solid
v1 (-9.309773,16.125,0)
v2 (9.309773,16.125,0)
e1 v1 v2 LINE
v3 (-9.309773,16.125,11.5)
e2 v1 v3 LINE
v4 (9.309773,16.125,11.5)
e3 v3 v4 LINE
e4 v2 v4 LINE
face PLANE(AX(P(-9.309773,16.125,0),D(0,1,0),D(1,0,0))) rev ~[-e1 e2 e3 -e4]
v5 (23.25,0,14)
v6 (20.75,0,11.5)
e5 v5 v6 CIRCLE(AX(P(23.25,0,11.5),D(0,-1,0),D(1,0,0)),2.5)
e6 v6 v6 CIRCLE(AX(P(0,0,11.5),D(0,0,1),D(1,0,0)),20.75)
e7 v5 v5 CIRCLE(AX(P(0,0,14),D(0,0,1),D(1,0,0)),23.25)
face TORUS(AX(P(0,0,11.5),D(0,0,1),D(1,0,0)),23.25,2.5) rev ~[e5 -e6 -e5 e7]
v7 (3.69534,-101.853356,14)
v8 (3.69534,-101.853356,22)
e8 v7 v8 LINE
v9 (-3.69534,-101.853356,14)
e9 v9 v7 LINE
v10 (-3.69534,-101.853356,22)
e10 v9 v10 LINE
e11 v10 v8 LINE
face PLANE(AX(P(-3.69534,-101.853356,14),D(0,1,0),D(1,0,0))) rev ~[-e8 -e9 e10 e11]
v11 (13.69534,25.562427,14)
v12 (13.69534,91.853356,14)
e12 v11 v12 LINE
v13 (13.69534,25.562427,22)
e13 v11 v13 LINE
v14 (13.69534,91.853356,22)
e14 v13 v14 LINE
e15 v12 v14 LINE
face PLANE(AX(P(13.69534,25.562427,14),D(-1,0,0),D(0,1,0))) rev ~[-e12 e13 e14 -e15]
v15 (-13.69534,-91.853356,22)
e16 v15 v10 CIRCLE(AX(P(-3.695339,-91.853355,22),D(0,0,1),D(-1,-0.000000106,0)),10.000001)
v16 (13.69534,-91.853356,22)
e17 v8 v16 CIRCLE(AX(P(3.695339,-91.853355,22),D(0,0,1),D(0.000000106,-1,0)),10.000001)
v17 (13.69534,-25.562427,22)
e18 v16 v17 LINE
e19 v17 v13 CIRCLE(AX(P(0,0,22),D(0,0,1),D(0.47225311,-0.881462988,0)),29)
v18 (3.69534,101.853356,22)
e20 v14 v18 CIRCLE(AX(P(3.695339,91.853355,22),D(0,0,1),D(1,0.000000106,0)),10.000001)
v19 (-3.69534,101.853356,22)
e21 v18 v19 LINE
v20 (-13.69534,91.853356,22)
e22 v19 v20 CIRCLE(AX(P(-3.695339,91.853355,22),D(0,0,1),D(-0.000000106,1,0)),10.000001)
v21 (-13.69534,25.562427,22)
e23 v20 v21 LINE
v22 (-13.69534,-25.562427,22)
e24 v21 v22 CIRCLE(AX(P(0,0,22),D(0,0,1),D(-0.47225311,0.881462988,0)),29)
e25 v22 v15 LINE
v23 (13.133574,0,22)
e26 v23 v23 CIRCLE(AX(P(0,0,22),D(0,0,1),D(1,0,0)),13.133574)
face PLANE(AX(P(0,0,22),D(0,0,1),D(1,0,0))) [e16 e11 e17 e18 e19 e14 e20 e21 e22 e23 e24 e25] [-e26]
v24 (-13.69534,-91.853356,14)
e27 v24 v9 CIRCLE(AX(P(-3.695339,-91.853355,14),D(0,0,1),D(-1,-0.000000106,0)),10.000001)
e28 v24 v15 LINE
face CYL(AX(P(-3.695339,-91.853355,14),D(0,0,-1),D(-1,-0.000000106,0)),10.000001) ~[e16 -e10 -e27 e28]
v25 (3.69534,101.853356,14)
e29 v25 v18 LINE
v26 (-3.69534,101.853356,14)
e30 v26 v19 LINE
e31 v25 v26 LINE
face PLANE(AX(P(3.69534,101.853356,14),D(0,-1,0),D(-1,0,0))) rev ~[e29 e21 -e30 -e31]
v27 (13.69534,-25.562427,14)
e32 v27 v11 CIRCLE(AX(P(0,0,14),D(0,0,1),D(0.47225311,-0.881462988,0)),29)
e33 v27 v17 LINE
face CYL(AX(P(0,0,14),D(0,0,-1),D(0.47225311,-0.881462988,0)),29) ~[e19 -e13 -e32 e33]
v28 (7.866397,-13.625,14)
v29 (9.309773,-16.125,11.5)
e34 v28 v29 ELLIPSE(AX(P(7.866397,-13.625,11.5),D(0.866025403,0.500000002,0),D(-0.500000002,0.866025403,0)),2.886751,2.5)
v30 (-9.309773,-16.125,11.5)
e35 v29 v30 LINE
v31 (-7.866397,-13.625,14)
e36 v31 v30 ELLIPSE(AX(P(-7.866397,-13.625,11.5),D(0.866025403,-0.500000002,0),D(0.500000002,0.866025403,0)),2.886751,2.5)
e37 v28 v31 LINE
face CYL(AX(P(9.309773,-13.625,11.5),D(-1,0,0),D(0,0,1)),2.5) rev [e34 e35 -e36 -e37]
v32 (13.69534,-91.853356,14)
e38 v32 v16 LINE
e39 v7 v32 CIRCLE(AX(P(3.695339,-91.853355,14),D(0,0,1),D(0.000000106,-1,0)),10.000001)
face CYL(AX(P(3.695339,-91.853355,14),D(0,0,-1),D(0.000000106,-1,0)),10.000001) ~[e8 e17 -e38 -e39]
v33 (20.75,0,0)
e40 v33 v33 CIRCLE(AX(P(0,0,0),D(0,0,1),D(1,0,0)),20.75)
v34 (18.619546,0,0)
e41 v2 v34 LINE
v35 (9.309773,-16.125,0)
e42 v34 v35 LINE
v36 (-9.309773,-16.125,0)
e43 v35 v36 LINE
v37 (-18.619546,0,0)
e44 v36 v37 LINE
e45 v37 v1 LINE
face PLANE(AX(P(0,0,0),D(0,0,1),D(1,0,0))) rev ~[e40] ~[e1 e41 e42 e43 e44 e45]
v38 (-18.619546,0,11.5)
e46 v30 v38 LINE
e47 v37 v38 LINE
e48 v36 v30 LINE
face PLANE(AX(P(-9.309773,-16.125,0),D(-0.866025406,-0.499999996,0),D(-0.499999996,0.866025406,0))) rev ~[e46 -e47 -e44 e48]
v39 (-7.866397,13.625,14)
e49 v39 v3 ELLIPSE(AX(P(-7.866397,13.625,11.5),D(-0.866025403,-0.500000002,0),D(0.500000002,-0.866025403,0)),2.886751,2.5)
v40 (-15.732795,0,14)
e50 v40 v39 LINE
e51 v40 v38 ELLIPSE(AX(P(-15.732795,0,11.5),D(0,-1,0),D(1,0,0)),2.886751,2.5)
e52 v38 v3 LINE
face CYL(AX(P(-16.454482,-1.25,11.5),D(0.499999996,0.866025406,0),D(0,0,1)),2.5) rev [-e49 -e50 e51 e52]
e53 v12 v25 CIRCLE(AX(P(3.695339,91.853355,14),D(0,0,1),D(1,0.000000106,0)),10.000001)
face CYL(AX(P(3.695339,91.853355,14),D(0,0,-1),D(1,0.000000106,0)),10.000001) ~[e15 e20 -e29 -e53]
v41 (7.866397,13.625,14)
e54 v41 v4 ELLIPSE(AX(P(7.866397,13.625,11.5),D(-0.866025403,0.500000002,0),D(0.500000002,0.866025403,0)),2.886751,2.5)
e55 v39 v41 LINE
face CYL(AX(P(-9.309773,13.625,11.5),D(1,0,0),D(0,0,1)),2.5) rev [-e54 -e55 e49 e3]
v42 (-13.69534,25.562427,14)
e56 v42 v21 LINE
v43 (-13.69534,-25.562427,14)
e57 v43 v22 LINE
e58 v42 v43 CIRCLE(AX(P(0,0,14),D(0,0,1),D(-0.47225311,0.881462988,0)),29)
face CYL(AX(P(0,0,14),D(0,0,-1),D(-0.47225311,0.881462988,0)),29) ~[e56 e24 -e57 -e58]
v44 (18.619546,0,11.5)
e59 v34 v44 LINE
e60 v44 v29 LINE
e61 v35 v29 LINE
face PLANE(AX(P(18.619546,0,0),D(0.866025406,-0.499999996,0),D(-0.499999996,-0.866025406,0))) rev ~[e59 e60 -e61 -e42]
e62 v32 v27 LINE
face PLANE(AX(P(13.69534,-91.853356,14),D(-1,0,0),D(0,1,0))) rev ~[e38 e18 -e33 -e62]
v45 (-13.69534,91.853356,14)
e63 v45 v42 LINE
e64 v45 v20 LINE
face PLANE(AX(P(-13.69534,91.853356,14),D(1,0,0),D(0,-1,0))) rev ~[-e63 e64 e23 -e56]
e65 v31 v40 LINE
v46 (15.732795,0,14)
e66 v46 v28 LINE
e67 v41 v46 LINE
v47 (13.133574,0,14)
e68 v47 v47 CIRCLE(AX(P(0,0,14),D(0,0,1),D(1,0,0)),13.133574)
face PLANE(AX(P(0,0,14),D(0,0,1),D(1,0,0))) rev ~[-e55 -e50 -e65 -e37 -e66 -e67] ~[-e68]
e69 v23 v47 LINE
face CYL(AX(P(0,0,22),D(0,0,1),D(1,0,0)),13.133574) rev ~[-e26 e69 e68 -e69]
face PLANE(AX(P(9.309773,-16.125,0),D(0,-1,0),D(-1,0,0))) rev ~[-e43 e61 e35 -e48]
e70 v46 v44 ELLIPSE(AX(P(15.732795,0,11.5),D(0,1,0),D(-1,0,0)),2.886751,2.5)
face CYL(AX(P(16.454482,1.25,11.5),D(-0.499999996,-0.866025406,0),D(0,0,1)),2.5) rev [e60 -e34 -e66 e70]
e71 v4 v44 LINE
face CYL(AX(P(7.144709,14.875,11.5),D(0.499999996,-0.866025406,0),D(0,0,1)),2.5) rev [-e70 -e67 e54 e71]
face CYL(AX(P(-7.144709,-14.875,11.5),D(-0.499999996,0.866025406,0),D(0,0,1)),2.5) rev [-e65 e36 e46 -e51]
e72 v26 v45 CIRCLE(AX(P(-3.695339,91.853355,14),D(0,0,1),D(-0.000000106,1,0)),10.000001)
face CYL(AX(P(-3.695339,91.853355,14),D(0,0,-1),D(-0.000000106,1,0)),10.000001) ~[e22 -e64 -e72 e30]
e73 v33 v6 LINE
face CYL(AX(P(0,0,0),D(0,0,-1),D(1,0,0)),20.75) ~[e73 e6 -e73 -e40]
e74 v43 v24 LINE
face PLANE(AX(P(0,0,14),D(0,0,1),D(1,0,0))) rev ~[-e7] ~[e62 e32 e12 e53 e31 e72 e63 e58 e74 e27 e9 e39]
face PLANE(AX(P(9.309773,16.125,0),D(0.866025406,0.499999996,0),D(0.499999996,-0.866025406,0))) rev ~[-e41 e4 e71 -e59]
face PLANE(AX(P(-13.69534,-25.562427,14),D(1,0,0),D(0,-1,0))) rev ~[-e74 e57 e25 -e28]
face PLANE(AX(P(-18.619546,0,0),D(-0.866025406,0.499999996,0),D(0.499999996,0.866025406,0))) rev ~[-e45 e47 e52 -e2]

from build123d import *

# Parameters (mm, degrees)
F0_R     = 20.75
F1_DEPTH = 14
F3_DEPTH = 8
F4_R     = 13.133574
F5_DEPTH = 25
F6_R     = 2.5


with BuildPart() as f1:
    # F0 (on Top) → F1 (new body)
    with BuildSketch(Plane.XY):
        Circle(F0_R)
        Polygon((-18.619546, 0), (-9.309773, 16.125), (9.309773, 16.125), (18.619546, 0), (9.309773, -16.125), (-9.309773, -16.125), align=None, mode=Mode.SUBTRACT)
    extrude(amount=F1_DEPTH)

    # F2 (on face) → F3 (join)
    with BuildSketch(Plane.XY.offset(14)):
        with BuildLine():
            Line((-13.69534, 91.853356), (-13.69534, 25.562427))
            ThreePointArc((-13.69534, 25.562427), (-29, 0), (-13.69534, -25.562427))
            Line((-13.69534, -25.562427), (-13.69534, -91.853356))
            ThreePointArc((-13.69534, -91.853356), (-10.766407, -98.924424), (-3.69534, -101.853356))
            Line((-3.69534, -101.853356), (3.69534, -101.853356))
            ThreePointArc((3.69534, -101.853356), (10.766407, -98.924424), (13.69534, -91.853356))
            Line((13.69534, -91.853356), (13.69534, -25.562427))
            ThreePointArc((13.69534, -25.562427), (29, 0), (13.69534, 25.562427))
            Line((13.69534, 25.562427), (13.69534, 91.853356))
            ThreePointArc((13.69534, 91.853356), (10.766407, 98.924424), (3.69534, 101.853356))
            Line((3.69534, 101.853356), (-3.69534, 101.853356))
            ThreePointArc((-3.69534, 101.853356), (-10.766407, 98.924424), (-13.69534, 91.853356))
        make_face()
    extrude(amount=F3_DEPTH)

    # F4 (on face) → F5 (cut)
    with BuildSketch(Plane.XY.offset(22)):
        Circle(F4_R)
    extrude(amount=-F5_DEPTH, mode=Mode.SUBTRACT)

    # F6
    f6_edges = [f1.edges().sort_by_distance(p)[0] for p in [
        (0, 16.125, 14),
        (-13.96466, 8.0625, 14),
        (-13.96466, -8.0625, 14),
        (0, -16.125, 14),
        (13.96466, -8.0625, 14),
        (13.96466, 8.0625, 14),
        (-20.75, 0, 14),
    ]]
    fillet(f6_edges, radius=F6_R)


solid = f1.part
